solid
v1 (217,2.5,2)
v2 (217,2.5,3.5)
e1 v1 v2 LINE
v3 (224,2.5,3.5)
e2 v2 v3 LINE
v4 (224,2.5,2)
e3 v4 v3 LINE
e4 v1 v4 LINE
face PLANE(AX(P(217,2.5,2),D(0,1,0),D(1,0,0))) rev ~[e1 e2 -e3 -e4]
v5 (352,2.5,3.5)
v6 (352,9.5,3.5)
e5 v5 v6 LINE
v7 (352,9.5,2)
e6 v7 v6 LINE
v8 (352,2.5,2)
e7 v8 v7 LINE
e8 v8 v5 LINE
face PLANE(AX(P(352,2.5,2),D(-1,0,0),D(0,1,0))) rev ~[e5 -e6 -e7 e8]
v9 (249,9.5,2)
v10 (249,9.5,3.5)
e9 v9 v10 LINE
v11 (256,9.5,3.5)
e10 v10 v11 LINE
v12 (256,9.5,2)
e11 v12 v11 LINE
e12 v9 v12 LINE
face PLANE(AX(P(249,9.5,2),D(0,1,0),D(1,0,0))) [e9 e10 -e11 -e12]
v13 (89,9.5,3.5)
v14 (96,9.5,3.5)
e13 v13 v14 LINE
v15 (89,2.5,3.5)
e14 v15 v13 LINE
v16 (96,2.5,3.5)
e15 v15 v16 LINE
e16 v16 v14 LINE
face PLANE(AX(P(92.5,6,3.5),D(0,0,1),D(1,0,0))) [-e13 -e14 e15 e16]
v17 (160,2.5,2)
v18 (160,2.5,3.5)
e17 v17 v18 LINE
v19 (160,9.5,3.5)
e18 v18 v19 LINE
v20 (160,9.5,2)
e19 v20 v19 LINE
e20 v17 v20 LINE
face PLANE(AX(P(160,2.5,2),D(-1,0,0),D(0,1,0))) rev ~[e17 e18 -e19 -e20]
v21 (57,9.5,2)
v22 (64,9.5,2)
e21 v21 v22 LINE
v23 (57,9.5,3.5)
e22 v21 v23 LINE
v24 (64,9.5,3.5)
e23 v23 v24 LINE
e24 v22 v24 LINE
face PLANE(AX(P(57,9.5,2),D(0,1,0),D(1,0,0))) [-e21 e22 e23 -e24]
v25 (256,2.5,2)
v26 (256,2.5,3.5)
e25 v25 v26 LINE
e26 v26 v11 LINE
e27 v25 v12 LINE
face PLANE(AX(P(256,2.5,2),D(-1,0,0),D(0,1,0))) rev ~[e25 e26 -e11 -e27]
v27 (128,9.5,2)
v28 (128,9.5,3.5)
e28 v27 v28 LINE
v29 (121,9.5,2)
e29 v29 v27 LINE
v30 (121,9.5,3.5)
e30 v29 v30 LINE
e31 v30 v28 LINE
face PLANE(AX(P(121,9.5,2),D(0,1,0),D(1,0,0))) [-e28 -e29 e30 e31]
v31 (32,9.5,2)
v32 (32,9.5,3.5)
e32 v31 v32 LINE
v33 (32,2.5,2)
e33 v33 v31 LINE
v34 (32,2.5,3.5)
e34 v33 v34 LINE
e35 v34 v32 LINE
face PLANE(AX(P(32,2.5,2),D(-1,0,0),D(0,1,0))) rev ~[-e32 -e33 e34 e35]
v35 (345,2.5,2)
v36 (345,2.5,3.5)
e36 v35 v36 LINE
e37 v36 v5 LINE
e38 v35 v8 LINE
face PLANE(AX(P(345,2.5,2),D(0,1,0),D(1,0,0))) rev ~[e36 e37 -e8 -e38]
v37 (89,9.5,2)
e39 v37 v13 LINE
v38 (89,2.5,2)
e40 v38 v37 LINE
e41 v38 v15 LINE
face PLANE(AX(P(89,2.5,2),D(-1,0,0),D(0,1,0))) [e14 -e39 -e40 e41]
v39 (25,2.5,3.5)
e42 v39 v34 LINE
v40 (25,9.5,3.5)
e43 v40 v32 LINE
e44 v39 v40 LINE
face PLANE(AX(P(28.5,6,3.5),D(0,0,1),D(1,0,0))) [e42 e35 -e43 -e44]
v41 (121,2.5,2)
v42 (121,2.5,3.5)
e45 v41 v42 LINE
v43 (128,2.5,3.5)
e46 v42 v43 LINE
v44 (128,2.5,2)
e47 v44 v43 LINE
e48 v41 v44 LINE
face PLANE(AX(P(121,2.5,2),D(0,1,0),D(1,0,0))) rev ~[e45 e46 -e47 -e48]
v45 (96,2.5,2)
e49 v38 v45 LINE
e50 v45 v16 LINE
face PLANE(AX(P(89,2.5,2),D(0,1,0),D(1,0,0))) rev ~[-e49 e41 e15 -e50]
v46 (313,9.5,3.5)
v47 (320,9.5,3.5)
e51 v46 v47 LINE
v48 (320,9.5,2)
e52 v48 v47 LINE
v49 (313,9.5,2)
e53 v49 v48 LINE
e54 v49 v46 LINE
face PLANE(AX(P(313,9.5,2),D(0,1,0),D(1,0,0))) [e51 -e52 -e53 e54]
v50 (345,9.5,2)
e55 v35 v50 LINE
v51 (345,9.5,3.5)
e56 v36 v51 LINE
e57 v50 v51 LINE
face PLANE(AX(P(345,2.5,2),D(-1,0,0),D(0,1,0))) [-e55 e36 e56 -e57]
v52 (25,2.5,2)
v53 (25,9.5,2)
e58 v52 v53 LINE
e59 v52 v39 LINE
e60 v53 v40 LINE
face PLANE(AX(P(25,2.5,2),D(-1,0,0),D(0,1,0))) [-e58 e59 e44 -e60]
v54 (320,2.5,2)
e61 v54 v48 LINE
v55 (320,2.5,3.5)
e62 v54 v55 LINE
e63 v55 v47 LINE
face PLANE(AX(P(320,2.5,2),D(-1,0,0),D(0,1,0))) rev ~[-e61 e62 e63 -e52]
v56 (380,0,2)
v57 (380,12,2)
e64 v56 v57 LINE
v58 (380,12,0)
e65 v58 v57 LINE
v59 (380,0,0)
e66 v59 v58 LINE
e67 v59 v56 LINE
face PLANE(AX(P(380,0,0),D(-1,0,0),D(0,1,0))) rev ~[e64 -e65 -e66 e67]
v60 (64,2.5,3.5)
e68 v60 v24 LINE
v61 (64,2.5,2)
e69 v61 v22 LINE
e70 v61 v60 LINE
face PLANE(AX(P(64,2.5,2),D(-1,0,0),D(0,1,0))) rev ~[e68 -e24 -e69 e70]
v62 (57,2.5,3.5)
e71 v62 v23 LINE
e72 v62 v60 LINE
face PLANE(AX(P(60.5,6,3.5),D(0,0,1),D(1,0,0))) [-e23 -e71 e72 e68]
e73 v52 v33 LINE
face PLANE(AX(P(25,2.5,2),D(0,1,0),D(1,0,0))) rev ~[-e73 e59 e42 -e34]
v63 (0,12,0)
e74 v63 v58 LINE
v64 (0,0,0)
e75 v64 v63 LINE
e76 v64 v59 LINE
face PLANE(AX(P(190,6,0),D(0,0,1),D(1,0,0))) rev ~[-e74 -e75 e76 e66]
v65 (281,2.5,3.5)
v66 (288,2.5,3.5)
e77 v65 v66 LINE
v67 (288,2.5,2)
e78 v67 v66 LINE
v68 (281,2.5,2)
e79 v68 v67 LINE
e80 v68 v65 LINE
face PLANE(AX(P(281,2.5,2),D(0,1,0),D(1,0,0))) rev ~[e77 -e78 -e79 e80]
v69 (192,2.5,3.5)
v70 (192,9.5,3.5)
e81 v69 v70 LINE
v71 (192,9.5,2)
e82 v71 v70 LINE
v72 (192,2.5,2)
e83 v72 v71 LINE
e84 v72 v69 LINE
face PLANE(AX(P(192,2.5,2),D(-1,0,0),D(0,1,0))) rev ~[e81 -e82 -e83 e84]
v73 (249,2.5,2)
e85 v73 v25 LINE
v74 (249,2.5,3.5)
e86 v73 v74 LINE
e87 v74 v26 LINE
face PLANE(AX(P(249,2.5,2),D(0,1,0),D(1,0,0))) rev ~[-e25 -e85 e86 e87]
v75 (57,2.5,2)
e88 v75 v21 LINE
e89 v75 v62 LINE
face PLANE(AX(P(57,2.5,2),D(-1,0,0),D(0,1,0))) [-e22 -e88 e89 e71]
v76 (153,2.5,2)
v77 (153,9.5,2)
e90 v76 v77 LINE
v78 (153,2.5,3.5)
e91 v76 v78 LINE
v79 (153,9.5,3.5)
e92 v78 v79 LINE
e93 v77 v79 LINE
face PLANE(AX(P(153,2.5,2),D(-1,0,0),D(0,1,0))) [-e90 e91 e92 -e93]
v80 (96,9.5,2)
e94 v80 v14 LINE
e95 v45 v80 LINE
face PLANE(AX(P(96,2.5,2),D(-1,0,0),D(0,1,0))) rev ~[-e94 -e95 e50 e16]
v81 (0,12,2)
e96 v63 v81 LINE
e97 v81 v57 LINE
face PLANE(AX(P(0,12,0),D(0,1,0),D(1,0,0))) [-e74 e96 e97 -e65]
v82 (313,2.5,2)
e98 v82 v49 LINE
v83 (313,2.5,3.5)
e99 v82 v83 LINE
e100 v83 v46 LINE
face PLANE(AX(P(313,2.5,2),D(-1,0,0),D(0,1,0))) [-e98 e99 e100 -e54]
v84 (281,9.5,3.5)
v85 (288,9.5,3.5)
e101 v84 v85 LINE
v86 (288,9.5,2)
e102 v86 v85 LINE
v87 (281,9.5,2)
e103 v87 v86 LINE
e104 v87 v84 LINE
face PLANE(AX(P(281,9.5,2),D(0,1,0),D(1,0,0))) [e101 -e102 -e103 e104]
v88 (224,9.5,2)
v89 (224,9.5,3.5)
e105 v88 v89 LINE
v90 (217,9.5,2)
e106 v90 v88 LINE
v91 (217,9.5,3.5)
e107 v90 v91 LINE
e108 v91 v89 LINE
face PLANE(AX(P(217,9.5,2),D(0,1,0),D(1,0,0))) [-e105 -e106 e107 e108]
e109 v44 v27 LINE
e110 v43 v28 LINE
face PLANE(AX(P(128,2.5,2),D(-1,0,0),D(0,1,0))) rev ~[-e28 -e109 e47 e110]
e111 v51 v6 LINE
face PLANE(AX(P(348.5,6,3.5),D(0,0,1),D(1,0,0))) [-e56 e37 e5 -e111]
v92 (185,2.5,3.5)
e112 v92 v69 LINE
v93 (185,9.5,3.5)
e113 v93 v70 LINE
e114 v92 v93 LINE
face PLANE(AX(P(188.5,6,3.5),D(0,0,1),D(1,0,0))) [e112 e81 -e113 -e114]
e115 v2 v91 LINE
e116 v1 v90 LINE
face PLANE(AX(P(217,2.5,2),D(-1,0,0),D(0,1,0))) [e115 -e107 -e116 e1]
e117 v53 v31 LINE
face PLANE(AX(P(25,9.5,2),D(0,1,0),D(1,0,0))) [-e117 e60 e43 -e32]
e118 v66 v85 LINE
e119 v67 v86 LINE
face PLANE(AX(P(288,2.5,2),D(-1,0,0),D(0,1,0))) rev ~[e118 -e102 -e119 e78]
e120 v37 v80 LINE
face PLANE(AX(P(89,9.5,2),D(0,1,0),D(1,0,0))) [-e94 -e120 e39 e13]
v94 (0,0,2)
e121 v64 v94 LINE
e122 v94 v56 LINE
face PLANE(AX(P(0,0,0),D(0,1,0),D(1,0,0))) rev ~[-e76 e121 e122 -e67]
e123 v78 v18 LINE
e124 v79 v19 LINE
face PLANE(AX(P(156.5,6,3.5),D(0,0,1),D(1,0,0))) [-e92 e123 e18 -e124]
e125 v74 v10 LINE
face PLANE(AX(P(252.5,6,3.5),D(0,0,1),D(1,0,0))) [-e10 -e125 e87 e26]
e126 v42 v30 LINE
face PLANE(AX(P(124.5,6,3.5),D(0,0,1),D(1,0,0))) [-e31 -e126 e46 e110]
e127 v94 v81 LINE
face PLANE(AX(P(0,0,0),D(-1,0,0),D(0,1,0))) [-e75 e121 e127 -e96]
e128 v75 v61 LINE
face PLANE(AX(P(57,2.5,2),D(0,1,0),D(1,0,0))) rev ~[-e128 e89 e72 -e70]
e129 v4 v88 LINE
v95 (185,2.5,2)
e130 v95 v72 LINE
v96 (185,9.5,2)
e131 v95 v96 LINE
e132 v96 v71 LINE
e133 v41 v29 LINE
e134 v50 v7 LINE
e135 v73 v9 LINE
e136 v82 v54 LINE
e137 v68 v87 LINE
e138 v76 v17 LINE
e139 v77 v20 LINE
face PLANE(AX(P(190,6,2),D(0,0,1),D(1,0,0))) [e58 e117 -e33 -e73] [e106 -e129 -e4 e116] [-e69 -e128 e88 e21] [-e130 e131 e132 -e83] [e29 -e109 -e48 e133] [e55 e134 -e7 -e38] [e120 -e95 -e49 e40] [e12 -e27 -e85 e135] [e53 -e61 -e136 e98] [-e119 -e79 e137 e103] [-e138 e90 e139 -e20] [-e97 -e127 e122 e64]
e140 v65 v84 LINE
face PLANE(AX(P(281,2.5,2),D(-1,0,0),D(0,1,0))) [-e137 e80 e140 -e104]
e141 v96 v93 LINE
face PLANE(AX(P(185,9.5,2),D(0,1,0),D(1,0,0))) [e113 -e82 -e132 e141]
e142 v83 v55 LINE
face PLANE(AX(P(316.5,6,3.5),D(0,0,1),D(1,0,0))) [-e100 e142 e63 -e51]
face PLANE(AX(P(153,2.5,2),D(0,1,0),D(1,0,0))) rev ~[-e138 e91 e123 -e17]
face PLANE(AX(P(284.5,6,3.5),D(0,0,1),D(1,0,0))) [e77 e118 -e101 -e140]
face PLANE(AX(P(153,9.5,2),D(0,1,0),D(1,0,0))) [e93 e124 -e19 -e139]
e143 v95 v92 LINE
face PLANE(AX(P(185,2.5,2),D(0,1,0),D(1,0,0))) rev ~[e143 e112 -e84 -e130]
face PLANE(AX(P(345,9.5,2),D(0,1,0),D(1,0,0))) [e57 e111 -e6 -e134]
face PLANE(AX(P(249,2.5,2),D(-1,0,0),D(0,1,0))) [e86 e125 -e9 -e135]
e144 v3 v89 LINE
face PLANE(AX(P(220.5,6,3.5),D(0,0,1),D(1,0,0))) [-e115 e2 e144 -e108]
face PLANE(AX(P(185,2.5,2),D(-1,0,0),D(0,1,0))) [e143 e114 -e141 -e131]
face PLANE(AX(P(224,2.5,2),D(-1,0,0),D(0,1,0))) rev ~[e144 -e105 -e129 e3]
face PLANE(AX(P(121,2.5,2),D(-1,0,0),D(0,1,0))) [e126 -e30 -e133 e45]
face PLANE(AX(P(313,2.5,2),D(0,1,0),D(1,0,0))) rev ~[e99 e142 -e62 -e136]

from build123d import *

# Parameters (mm, degrees)
SKETCH1_W           = 380
SKETCH1_H           = 12
BOSS_EXTRUDE1_DEPTH = 2
SKETCH2_W           = 7
SKETCH2_H           = 7
BOSS_EXTRUDE2_DEPTH = 1.5


with BuildPart() as part:
    # Sketch1 → Boss-Extrude1 (new body)
    with BuildSketch(Plane.XY):
        with Locations((190, 6)):
            Rectangle(SKETCH1_W, SKETCH1_H)
    extrude(amount=BOSS_EXTRUDE1_DEPTH)

    # Sketch2 → Boss-Extrude2 (add)
    with BuildSketch(Plane.XY.offset(2)):
        with Locations((28.5, 6)):
            Rectangle(SKETCH2_W, SKETCH2_H)
        with Locations((60.5, 6)):
            Rectangle(SKETCH2_W, SKETCH2_H)
        with Locations((92.5, 6)):
            Rectangle(SKETCH2_W, SKETCH2_H)
        with Locations((124.5, 6)):
            Rectangle(SKETCH2_W, SKETCH2_H)
        with Locations((156.5, 6)):
            Rectangle(SKETCH2_W, SKETCH2_H)
        with Locations((188.5, 6)):
            Rectangle(SKETCH2_W, SKETCH2_H)
        with Locations((220.5, 6)):
            Rectangle(SKETCH2_W, SKETCH2_H)
        with Locations((252.5, 6)):
            Rectangle(SKETCH2_W, SKETCH2_H)
        with Locations((284.5, 6)):
            Rectangle(SKETCH2_W, SKETCH2_H)
        with Locations((316.5, 6)):
            Rectangle(SKETCH2_W, SKETCH2_H)
        with Locations((348.5, 6)):
            Rectangle(SKETCH2_W, SKETCH2_H)
    extrude(amount=BOSS_EXTRUDE2_DEPTH)


solid = part.part
